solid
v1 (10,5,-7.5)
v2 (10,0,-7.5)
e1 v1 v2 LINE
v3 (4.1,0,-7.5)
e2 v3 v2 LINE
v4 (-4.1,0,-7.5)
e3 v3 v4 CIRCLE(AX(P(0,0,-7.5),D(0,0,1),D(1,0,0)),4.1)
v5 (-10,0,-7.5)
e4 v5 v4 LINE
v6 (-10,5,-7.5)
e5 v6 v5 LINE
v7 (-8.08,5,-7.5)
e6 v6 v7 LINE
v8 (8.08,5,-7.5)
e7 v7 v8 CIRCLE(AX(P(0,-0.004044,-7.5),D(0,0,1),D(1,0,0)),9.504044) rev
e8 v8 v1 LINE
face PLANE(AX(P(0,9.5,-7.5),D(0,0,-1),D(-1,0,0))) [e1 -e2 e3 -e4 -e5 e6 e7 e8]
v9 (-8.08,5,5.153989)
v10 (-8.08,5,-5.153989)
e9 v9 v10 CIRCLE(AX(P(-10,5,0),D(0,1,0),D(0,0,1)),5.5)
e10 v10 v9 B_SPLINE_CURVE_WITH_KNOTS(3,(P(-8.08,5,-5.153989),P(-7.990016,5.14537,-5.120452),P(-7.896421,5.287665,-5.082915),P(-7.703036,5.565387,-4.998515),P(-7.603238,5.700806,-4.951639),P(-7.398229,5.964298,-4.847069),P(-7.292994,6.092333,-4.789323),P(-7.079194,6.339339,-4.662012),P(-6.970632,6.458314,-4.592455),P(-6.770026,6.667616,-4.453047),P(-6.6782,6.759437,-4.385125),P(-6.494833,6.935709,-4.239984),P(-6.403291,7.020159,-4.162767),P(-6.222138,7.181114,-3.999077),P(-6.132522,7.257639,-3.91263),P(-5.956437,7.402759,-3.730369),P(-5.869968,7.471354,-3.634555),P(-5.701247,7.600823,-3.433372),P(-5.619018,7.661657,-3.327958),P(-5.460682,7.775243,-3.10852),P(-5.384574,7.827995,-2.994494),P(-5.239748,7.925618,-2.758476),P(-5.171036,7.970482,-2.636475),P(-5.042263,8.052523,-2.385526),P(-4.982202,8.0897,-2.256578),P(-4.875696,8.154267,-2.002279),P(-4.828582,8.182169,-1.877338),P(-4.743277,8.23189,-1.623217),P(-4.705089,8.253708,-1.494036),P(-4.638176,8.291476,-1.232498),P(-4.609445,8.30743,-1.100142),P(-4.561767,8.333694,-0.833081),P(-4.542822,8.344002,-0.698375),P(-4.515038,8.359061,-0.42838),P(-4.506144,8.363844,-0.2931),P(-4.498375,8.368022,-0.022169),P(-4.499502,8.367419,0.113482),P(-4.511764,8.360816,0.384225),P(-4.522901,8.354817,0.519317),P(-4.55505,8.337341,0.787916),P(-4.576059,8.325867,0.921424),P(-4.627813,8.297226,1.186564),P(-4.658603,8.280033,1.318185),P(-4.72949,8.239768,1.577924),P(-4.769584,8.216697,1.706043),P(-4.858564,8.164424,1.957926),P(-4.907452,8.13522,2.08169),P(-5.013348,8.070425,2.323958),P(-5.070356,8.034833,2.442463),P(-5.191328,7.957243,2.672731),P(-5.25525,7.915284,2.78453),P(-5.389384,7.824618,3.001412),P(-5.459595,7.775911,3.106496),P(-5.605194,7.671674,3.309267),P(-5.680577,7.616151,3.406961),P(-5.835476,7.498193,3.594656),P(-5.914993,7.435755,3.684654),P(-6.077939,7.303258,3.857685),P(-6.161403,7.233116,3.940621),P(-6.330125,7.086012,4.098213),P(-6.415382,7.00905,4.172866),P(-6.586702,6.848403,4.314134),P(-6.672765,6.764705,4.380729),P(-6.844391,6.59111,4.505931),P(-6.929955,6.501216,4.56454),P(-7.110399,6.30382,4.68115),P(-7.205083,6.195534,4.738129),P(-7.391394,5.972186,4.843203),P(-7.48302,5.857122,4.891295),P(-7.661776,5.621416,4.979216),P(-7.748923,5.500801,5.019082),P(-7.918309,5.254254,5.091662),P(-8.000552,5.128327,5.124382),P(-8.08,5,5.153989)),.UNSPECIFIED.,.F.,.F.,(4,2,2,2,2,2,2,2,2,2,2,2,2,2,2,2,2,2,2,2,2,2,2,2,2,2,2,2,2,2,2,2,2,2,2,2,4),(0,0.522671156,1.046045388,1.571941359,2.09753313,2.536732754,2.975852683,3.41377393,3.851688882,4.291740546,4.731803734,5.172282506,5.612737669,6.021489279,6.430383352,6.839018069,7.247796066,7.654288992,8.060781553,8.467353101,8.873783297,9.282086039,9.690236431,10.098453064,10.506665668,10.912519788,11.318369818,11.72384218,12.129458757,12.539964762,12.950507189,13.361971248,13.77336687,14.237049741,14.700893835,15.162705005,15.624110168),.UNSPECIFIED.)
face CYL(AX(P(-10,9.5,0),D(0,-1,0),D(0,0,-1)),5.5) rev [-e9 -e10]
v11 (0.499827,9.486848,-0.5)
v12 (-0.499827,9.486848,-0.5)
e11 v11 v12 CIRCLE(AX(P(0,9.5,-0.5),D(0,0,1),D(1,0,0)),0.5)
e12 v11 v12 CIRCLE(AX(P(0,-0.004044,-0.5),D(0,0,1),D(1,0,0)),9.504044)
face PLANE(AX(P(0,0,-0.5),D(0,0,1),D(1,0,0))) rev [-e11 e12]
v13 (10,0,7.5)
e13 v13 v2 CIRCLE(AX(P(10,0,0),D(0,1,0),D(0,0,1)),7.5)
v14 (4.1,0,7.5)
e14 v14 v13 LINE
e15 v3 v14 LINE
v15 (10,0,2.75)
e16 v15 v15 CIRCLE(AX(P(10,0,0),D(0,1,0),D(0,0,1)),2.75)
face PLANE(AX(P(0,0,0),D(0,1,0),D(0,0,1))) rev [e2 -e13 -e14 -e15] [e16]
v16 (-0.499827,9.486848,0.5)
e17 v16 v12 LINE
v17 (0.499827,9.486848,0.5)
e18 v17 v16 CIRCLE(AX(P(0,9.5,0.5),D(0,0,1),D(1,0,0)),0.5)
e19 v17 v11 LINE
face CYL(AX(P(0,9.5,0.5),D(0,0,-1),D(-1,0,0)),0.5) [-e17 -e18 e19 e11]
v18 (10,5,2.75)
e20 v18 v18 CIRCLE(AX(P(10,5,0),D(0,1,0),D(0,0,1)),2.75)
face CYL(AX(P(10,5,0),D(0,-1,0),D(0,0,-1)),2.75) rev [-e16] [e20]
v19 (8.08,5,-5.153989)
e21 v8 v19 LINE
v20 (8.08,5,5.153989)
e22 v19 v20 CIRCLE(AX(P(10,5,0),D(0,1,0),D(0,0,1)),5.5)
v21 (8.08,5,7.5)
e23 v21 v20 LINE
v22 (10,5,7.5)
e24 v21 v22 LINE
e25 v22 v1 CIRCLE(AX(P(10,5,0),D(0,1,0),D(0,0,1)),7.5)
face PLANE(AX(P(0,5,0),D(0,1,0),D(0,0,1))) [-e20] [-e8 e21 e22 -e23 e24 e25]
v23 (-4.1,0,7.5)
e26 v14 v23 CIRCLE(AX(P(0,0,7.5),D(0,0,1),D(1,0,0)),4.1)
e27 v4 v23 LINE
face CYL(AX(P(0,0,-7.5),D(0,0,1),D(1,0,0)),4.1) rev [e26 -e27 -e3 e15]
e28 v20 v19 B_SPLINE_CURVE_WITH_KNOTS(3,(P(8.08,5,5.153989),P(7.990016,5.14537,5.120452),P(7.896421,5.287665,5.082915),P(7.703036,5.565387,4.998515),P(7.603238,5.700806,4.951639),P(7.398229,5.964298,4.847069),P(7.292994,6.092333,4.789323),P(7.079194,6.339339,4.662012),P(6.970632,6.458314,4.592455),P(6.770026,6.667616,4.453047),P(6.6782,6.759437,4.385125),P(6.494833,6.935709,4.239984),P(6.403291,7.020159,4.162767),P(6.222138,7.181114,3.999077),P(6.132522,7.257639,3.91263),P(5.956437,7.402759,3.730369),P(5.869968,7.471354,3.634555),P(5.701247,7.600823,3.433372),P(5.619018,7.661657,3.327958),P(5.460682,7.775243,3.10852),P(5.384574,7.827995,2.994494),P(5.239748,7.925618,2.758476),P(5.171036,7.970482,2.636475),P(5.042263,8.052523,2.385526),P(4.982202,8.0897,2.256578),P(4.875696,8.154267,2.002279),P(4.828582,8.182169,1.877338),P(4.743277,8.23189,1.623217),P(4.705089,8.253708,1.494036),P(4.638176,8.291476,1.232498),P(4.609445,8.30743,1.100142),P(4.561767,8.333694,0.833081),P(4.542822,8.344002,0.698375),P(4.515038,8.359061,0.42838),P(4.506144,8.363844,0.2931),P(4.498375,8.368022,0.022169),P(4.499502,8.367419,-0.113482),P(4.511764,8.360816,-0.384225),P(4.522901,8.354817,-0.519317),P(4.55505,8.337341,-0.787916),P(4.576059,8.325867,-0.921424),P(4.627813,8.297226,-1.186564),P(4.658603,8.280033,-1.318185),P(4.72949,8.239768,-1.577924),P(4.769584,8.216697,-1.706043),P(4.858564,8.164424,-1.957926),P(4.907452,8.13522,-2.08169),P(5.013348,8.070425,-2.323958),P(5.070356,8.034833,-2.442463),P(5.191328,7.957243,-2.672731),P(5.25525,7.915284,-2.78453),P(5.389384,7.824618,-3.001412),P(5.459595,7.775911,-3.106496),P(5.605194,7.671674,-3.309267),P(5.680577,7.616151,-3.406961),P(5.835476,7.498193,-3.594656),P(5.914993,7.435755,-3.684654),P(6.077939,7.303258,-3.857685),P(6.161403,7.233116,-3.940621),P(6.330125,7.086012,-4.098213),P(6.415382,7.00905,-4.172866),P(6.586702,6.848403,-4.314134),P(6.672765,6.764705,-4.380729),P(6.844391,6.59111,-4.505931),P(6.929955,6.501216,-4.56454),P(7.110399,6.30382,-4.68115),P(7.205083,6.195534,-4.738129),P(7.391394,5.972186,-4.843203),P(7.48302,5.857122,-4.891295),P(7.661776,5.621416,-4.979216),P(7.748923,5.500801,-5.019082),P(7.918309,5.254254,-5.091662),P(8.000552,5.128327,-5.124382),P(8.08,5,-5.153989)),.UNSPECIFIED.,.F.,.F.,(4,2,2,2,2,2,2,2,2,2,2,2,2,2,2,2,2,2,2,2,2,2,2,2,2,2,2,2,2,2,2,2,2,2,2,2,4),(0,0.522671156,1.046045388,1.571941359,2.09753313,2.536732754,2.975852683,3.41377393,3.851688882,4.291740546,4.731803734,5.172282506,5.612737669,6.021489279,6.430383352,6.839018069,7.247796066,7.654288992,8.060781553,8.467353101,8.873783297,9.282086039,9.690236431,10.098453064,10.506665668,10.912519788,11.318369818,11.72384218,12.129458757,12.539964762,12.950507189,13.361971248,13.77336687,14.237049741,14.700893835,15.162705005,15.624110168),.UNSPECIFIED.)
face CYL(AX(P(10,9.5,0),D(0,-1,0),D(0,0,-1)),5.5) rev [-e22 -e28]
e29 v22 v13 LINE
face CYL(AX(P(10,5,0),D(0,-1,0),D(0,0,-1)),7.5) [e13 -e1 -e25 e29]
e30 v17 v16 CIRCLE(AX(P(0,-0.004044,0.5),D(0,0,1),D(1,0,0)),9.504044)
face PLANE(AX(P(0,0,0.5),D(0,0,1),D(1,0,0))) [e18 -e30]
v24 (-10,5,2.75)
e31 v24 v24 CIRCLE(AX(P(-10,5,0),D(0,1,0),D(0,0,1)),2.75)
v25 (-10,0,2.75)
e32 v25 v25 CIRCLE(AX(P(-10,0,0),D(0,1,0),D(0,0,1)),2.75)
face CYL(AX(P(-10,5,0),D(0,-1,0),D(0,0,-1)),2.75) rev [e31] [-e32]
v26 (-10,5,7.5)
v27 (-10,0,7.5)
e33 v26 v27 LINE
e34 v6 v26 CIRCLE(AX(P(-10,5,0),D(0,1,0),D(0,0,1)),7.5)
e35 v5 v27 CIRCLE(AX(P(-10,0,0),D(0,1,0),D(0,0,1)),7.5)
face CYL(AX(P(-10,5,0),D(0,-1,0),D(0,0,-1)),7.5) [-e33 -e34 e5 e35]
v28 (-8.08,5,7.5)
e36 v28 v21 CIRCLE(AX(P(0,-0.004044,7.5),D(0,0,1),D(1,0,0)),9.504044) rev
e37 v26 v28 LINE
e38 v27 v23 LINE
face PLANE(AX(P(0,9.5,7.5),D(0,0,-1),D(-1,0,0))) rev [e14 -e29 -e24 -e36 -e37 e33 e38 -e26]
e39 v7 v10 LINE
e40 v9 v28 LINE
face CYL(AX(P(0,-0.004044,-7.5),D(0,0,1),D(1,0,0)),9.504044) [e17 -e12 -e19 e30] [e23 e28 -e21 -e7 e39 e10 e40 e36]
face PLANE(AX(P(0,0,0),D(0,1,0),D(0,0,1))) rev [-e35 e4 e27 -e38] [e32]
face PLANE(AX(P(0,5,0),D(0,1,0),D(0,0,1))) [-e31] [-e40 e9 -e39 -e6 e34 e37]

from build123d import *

# Parameters (mm, degrees)
BOSS_EXTRUDE1_DEPTH = 9.5
SKETCH1_3_R         = 2.75
BOSS_EXTRUDE2_DEPTH = 5
CUT_EXTRUDE2_DEPTH  = 25.929901725
BOSS_EXTRUDE3_DEPTH = 0.5


with BuildPart() as part:
    # Sketch1 → Boss-Extrude1 (new body)
    with BuildSketch(Plane(origin=(0, 0, 0), x_dir=(1, 0, 0), z_dir=(0, 1, 0))):
        with BuildLine():
            Line((8.08, 7.5), (-8.08, 7.5))
            Line((-8.08, 7.5), (-8.08, 5.153988747))
            ThreePointArc((-8.08, 5.153988747), (-4.5, 0), (-8.08, -5.153988747))
            Line((-8.08, -5.153988747), (-8.08, -7.5))
            Line((-8.08, -7.5), (8.08, -7.5))
            Line((8.08, -7.5), (8.08, -5.153988747))
            ThreePointArc((8.08, -5.153988747), (4.5, 0), (8.08, 5.153988747))
            Line((8.08, 5.153988747), (8.08, 7.5))
        make_face()
    extrude(amount=BOSS_EXTRUDE1_DEPTH)

    # Sketch1_3 → Boss-Extrude2 (add)
    # profile 1 of 2: a face of its own
    with BuildSketch(Plane(origin=(0, 0, 0), x_dir=(1, 0, 0), z_dir=(0, 1, 0))):
        with BuildLine():
            Line((-8.08, 5.153988747), (-8.08, 7.5))
            Line((-8.08, 7.5), (-10, 7.5))
            ThreePointArc((-10, 7.5), (-17.5, 0), (-10, -7.5))
            Line((-10, -7.5), (-8.08, -7.5))
            Line((-8.08, -7.5), (-8.08, -5.153988747))
            ThreePointArc((-8.08, -5.153988747), (-4.5, 0), (-8.08, 5.153988747))
        make_face()
        with Locations((-10, 0)):
            Circle(SKETCH1_3_R, mode=Mode.SUBTRACT)
    # profile 2 of 2: a face of its own
    with BuildSketch(Plane(origin=(0, 0, 0), x_dir=(1, 0, 0), z_dir=(0, 1, 0))):
        with BuildLine():
            Line((10, 7.5), (8.08, 7.5))
            Line((8.08, 7.5), (8.08, 5.153988747))
            ThreePointArc((8.08, 5.153988747), (4.5, 0), (8.08, -5.153988747))
            Line((8.08, -5.153988747), (8.08, -7.5))
            Line((8.08, -7.5), (10, -7.5))
            ThreePointArc((10, -7.5), (17.5, 0), (10, 7.5))
        make_face()
        with Locations((10, 0)):
            Circle(SKETCH1_3_R, mode=Mode.SUBTRACT)
    extrude(amount=BOSS_EXTRUDE2_DEPTH)

    # Sketch3 → Cut-Extrude2 (cut, through all)
    with BuildSketch(Plane.XY.offset(7.5)):
        with BuildLine():
            Line((1.6e-08, 9.5), (-8.08, 9.5))
            Line((-8.08, 9.5), (-8.08, 5))
            ThreePointArc((-8.08, 5), (-4.624294534, 8.299133313), (1.6e-08, 9.5))
        make_face()
        with BuildLine():
            Line((8.08, 9.5), (1.6e-08, 9.5))
            ThreePointArc((1.6e-08, 9.5), (4.624294548, 8.299133305), (8.08, 5))
            Line((8.08, 5), (8.08, 9.5))
        make_face()
        with BuildLine():
            Line((-4.1, 0), (4.1, 0))
            ThreePointArc((4.1, 0), (0, 4.1), (-4.1, 0))
        make_face()
    extrude(amount=-CUT_EXTRUDE2_DEPTH, mode=Mode.SUBTRACT)

    # Sketch7 → Boss-Extrude3 (add, symmetric)
    with BuildSketch(Plane.XY):
        with BuildLine():
            ThreePointArc((-0.499826987, 9.486847705), (0, 9.5), (0.499826987, 9.486847705))
            ThreePointArc((0.499826987, 9.486847705), (0, 10), (-0.499826987, 9.486847705))
        make_face()
    extrude(amount=BOSS_EXTRUDE3_DEPTH, both=True)


solid = part.part
